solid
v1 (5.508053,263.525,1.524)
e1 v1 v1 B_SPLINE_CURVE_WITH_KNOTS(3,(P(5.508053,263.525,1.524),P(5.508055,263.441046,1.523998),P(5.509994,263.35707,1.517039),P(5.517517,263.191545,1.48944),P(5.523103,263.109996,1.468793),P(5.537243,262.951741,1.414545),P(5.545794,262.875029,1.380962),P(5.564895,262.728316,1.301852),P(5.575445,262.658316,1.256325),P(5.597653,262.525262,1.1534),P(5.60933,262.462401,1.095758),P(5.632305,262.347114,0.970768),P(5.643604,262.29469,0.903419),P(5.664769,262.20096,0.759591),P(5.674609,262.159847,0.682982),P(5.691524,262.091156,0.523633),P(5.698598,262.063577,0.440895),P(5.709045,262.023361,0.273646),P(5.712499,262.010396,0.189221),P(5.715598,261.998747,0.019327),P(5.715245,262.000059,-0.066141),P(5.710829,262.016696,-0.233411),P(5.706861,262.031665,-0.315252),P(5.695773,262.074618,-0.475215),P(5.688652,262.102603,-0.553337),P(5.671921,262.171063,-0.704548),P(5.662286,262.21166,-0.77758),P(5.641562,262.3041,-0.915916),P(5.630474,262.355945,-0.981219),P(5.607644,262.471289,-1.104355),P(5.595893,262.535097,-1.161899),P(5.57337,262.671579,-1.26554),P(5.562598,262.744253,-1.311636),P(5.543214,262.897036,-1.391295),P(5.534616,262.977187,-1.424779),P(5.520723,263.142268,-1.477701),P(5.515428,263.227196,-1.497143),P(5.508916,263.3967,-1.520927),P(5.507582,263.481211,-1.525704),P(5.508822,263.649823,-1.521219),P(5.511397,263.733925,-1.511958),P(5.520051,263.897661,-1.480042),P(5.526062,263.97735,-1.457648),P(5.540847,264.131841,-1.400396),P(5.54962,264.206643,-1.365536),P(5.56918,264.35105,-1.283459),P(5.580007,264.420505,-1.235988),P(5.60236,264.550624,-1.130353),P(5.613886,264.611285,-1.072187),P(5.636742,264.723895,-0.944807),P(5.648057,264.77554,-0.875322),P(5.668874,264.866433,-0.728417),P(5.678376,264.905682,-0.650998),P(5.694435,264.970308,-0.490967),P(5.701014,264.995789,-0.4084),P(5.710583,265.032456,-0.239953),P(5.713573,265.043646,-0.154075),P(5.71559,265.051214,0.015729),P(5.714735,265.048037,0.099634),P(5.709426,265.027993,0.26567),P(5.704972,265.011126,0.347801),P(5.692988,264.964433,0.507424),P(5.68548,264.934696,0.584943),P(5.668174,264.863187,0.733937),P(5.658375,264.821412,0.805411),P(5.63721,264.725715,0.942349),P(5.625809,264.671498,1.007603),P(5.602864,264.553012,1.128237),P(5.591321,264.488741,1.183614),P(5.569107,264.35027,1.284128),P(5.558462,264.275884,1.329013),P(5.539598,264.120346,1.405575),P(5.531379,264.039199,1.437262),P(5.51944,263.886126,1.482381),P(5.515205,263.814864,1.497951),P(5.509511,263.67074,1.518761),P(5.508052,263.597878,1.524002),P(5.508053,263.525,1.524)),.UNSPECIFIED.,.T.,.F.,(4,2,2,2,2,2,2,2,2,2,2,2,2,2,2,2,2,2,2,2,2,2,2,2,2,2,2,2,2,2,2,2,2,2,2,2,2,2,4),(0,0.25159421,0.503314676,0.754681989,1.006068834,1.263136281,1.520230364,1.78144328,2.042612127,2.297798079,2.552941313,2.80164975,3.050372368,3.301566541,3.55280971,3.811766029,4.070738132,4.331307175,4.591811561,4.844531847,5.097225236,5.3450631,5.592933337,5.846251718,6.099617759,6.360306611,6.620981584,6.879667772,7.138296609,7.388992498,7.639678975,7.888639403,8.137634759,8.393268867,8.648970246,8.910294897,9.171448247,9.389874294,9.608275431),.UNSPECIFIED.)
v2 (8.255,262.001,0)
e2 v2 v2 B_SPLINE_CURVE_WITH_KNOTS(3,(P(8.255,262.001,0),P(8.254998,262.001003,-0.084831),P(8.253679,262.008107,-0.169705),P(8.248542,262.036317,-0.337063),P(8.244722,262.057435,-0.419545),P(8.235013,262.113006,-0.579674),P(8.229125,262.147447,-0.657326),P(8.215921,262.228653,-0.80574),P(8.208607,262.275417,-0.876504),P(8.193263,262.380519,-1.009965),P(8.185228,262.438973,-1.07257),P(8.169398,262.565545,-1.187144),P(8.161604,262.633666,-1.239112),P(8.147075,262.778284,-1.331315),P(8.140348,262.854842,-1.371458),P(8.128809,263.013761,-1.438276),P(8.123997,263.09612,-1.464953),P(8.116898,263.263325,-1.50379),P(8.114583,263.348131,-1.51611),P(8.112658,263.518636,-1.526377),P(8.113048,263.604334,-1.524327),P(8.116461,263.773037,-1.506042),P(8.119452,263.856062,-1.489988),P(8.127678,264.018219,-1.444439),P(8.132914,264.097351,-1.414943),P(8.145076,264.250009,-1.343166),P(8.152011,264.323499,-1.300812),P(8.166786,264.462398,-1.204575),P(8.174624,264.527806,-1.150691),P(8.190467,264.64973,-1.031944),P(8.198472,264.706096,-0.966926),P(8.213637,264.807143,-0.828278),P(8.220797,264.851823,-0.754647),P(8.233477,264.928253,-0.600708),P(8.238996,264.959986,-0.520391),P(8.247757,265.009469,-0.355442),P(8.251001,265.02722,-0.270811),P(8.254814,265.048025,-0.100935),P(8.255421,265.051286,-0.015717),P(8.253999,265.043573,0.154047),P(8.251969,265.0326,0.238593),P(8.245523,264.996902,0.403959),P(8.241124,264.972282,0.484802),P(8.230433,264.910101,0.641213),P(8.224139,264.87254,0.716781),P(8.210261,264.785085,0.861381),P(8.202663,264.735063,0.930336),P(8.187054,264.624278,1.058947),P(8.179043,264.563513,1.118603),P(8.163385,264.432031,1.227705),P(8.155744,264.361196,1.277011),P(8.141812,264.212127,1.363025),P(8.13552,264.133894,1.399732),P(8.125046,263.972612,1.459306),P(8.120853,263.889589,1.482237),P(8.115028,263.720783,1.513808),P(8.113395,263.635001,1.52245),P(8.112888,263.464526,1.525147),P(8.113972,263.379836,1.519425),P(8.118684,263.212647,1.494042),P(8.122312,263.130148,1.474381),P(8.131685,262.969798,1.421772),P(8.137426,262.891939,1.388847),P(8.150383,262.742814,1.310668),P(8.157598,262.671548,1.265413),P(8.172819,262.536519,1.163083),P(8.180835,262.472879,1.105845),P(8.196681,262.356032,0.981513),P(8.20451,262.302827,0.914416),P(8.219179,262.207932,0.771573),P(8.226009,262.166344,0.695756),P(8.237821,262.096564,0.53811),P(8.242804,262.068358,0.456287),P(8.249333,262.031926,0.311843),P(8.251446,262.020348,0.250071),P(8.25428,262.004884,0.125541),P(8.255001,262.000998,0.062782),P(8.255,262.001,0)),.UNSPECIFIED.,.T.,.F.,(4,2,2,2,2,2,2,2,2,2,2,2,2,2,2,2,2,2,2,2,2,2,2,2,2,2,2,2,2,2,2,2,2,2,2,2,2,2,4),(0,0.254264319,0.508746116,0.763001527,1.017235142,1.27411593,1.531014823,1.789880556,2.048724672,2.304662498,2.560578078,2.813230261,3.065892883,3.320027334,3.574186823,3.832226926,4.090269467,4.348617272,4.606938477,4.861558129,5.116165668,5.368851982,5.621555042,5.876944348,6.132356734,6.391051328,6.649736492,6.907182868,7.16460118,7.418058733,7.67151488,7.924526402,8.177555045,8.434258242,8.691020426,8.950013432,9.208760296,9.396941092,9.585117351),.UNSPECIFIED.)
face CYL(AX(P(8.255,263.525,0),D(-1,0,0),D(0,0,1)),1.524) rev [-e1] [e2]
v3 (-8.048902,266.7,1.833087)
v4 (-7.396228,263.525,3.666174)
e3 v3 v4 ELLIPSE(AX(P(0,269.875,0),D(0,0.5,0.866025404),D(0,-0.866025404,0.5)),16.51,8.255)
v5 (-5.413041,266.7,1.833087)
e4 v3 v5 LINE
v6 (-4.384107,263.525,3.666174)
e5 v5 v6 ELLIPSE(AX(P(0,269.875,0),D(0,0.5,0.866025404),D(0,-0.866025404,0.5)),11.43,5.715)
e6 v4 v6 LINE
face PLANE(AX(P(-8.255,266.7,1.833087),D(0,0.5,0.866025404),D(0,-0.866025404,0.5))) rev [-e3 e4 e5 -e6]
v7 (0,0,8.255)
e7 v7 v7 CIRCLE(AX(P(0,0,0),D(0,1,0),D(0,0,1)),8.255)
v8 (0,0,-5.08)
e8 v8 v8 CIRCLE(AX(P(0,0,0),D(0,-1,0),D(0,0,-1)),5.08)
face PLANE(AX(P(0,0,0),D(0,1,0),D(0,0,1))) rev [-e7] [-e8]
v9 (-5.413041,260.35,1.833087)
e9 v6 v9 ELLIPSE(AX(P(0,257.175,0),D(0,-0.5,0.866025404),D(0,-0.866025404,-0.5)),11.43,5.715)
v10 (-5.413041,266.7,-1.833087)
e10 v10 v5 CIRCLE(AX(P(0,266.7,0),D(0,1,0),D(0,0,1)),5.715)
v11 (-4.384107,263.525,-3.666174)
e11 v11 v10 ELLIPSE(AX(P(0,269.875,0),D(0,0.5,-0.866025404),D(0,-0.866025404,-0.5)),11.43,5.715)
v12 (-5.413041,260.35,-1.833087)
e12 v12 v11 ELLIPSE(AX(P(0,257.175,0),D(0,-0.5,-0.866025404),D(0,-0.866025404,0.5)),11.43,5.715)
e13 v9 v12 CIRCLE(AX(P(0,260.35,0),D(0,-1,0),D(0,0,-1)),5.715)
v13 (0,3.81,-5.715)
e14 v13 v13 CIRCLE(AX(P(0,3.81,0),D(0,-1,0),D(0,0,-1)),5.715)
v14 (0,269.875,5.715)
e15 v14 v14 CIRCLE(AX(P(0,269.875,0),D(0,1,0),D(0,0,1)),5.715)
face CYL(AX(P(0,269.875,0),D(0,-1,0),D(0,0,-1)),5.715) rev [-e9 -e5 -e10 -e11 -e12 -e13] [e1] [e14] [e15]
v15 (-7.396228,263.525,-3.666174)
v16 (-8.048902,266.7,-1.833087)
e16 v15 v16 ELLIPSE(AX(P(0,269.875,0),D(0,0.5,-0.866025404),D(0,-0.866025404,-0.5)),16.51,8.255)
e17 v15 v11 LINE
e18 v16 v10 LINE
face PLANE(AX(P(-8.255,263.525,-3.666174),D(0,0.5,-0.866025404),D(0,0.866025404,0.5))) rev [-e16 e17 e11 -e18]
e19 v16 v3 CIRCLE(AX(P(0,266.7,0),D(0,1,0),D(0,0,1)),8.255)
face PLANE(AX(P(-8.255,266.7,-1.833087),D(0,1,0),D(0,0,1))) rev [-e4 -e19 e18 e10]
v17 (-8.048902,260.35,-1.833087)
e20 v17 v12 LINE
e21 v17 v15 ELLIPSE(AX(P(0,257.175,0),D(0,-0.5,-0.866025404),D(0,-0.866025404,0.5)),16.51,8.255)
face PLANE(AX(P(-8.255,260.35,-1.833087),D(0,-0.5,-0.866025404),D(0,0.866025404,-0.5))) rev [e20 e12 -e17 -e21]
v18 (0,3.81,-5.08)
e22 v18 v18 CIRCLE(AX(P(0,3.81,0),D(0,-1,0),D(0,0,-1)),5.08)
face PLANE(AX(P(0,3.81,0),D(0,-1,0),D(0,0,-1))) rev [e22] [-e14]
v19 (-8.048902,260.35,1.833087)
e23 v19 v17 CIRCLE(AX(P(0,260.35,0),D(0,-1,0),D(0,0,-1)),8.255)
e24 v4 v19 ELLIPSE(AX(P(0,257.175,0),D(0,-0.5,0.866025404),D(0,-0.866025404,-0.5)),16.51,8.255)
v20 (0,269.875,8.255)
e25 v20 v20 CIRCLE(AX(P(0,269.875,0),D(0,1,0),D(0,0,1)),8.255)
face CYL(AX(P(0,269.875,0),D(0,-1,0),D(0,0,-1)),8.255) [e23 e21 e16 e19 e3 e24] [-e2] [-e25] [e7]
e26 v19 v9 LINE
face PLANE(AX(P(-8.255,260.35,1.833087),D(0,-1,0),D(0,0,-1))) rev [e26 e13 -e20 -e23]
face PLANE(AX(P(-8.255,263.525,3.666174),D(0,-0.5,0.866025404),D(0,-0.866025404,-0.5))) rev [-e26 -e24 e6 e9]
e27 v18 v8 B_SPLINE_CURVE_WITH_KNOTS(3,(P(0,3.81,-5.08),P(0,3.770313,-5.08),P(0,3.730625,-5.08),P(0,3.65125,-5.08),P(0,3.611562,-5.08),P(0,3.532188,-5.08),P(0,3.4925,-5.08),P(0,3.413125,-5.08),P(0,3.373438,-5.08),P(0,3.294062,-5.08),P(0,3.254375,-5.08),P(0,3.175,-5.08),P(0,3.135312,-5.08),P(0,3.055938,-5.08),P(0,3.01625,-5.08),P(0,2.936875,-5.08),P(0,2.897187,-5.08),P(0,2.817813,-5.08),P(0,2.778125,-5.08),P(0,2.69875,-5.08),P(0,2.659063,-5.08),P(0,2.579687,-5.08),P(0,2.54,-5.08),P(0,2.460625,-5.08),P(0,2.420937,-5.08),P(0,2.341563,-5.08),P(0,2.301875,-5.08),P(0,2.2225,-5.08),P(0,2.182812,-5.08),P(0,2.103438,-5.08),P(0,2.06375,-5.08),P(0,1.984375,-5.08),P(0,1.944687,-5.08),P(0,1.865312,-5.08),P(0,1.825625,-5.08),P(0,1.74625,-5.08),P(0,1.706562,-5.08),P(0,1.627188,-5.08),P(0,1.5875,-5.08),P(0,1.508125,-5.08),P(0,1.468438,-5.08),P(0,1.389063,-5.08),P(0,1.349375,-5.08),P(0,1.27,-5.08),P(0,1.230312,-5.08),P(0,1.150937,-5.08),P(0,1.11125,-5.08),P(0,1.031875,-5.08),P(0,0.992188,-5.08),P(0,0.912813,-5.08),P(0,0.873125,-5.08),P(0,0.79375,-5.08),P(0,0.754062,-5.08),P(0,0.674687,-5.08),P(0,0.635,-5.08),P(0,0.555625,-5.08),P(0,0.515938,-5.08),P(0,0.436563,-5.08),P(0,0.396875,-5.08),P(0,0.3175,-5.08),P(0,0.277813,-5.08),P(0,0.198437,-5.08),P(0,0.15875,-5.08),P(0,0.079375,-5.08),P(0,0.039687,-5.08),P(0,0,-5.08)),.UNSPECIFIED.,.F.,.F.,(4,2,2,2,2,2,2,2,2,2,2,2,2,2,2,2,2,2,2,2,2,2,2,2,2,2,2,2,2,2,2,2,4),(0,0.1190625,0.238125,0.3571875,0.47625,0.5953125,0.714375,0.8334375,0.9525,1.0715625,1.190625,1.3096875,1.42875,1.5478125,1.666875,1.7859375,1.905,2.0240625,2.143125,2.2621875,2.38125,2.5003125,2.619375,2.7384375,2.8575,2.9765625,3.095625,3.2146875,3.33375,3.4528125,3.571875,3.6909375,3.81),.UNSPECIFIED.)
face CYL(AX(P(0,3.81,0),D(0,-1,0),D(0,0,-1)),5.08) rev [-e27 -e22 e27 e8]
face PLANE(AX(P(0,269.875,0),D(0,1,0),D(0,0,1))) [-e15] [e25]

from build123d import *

# Parameters (mm, degrees)
SKETCH1_R           = 8.255
SKETCH1_R_2         = 5.715
BOSS_EXTRUDE1_DEPTH = 269.875
CUT_EXTRUDE1_DEPTH  = 271.127387865
SKETCH3_R           = 1.524
CUT_EXTRUDE2_DEPTH  = 271.127387865
SKETCH4_R           = 5.715
SKETCH4_R_2         = 5.08
BOSS_EXTRUDE2_DEPTH = 3.81


with BuildPart() as part:
    # Sketch1 → Boss-Extrude1 (new body)
    with BuildSketch(Plane(origin=(0, 0, 0), x_dir=(1, 0, 0), z_dir=(0, 1, 0))):
        with Locations(Location((0, 0, 0), (0, 0, 270))):
            Circle(SKETCH1_R)
        with Locations(Location((0, 0, 0), (0, 0, 270))):
            Circle(SKETCH1_R_2, mode=Mode.SUBTRACT)
    extrude(amount=BOSS_EXTRUDE1_DEPTH)

    # Sketch2 → Cut-Extrude1 (cut, through all)
    with BuildSketch(Plane(origin=(0, 0, 0), x_dir=(0, 0, -1), z_dir=(1, 0, 0))):
        Polygon((1.833087105, 260.35), (3.666174209, 263.525), (1.833087105, 266.7), (-1.833087105, 266.7), (-3.666174209, 263.525), (-1.833087105, 260.35), align=None)
    extrude(amount=-CUT_EXTRUDE1_DEPTH, mode=Mode.SUBTRACT)

    # Sketch3 → Cut-Extrude2 (cut, through all)
    with BuildSketch(Plane(origin=(0, 0, 0), x_dir=(0, 0, -1), z_dir=(1, 0, 0))):
        with Locations(Location((0, 263.525, 0), (0, 0, 180))):
            Circle(SKETCH3_R)
    extrude(amount=CUT_EXTRUDE2_DEPTH, mode=Mode.SUBTRACT)

    # Sketch4 → Boss-Extrude2 (add)
    with BuildSketch(Plane.XZ):
        with Locations(Location((0, 0, 0), (0, 0, 270))):
            Circle(SKETCH4_R)
        with Locations(Location((0, 0, 0), (0, 0, 270))):
            Circle(SKETCH4_R_2, mode=Mode.SUBTRACT)
    extrude(amount=-BOSS_EXTRUDE2_DEPTH)


solid = part.part
